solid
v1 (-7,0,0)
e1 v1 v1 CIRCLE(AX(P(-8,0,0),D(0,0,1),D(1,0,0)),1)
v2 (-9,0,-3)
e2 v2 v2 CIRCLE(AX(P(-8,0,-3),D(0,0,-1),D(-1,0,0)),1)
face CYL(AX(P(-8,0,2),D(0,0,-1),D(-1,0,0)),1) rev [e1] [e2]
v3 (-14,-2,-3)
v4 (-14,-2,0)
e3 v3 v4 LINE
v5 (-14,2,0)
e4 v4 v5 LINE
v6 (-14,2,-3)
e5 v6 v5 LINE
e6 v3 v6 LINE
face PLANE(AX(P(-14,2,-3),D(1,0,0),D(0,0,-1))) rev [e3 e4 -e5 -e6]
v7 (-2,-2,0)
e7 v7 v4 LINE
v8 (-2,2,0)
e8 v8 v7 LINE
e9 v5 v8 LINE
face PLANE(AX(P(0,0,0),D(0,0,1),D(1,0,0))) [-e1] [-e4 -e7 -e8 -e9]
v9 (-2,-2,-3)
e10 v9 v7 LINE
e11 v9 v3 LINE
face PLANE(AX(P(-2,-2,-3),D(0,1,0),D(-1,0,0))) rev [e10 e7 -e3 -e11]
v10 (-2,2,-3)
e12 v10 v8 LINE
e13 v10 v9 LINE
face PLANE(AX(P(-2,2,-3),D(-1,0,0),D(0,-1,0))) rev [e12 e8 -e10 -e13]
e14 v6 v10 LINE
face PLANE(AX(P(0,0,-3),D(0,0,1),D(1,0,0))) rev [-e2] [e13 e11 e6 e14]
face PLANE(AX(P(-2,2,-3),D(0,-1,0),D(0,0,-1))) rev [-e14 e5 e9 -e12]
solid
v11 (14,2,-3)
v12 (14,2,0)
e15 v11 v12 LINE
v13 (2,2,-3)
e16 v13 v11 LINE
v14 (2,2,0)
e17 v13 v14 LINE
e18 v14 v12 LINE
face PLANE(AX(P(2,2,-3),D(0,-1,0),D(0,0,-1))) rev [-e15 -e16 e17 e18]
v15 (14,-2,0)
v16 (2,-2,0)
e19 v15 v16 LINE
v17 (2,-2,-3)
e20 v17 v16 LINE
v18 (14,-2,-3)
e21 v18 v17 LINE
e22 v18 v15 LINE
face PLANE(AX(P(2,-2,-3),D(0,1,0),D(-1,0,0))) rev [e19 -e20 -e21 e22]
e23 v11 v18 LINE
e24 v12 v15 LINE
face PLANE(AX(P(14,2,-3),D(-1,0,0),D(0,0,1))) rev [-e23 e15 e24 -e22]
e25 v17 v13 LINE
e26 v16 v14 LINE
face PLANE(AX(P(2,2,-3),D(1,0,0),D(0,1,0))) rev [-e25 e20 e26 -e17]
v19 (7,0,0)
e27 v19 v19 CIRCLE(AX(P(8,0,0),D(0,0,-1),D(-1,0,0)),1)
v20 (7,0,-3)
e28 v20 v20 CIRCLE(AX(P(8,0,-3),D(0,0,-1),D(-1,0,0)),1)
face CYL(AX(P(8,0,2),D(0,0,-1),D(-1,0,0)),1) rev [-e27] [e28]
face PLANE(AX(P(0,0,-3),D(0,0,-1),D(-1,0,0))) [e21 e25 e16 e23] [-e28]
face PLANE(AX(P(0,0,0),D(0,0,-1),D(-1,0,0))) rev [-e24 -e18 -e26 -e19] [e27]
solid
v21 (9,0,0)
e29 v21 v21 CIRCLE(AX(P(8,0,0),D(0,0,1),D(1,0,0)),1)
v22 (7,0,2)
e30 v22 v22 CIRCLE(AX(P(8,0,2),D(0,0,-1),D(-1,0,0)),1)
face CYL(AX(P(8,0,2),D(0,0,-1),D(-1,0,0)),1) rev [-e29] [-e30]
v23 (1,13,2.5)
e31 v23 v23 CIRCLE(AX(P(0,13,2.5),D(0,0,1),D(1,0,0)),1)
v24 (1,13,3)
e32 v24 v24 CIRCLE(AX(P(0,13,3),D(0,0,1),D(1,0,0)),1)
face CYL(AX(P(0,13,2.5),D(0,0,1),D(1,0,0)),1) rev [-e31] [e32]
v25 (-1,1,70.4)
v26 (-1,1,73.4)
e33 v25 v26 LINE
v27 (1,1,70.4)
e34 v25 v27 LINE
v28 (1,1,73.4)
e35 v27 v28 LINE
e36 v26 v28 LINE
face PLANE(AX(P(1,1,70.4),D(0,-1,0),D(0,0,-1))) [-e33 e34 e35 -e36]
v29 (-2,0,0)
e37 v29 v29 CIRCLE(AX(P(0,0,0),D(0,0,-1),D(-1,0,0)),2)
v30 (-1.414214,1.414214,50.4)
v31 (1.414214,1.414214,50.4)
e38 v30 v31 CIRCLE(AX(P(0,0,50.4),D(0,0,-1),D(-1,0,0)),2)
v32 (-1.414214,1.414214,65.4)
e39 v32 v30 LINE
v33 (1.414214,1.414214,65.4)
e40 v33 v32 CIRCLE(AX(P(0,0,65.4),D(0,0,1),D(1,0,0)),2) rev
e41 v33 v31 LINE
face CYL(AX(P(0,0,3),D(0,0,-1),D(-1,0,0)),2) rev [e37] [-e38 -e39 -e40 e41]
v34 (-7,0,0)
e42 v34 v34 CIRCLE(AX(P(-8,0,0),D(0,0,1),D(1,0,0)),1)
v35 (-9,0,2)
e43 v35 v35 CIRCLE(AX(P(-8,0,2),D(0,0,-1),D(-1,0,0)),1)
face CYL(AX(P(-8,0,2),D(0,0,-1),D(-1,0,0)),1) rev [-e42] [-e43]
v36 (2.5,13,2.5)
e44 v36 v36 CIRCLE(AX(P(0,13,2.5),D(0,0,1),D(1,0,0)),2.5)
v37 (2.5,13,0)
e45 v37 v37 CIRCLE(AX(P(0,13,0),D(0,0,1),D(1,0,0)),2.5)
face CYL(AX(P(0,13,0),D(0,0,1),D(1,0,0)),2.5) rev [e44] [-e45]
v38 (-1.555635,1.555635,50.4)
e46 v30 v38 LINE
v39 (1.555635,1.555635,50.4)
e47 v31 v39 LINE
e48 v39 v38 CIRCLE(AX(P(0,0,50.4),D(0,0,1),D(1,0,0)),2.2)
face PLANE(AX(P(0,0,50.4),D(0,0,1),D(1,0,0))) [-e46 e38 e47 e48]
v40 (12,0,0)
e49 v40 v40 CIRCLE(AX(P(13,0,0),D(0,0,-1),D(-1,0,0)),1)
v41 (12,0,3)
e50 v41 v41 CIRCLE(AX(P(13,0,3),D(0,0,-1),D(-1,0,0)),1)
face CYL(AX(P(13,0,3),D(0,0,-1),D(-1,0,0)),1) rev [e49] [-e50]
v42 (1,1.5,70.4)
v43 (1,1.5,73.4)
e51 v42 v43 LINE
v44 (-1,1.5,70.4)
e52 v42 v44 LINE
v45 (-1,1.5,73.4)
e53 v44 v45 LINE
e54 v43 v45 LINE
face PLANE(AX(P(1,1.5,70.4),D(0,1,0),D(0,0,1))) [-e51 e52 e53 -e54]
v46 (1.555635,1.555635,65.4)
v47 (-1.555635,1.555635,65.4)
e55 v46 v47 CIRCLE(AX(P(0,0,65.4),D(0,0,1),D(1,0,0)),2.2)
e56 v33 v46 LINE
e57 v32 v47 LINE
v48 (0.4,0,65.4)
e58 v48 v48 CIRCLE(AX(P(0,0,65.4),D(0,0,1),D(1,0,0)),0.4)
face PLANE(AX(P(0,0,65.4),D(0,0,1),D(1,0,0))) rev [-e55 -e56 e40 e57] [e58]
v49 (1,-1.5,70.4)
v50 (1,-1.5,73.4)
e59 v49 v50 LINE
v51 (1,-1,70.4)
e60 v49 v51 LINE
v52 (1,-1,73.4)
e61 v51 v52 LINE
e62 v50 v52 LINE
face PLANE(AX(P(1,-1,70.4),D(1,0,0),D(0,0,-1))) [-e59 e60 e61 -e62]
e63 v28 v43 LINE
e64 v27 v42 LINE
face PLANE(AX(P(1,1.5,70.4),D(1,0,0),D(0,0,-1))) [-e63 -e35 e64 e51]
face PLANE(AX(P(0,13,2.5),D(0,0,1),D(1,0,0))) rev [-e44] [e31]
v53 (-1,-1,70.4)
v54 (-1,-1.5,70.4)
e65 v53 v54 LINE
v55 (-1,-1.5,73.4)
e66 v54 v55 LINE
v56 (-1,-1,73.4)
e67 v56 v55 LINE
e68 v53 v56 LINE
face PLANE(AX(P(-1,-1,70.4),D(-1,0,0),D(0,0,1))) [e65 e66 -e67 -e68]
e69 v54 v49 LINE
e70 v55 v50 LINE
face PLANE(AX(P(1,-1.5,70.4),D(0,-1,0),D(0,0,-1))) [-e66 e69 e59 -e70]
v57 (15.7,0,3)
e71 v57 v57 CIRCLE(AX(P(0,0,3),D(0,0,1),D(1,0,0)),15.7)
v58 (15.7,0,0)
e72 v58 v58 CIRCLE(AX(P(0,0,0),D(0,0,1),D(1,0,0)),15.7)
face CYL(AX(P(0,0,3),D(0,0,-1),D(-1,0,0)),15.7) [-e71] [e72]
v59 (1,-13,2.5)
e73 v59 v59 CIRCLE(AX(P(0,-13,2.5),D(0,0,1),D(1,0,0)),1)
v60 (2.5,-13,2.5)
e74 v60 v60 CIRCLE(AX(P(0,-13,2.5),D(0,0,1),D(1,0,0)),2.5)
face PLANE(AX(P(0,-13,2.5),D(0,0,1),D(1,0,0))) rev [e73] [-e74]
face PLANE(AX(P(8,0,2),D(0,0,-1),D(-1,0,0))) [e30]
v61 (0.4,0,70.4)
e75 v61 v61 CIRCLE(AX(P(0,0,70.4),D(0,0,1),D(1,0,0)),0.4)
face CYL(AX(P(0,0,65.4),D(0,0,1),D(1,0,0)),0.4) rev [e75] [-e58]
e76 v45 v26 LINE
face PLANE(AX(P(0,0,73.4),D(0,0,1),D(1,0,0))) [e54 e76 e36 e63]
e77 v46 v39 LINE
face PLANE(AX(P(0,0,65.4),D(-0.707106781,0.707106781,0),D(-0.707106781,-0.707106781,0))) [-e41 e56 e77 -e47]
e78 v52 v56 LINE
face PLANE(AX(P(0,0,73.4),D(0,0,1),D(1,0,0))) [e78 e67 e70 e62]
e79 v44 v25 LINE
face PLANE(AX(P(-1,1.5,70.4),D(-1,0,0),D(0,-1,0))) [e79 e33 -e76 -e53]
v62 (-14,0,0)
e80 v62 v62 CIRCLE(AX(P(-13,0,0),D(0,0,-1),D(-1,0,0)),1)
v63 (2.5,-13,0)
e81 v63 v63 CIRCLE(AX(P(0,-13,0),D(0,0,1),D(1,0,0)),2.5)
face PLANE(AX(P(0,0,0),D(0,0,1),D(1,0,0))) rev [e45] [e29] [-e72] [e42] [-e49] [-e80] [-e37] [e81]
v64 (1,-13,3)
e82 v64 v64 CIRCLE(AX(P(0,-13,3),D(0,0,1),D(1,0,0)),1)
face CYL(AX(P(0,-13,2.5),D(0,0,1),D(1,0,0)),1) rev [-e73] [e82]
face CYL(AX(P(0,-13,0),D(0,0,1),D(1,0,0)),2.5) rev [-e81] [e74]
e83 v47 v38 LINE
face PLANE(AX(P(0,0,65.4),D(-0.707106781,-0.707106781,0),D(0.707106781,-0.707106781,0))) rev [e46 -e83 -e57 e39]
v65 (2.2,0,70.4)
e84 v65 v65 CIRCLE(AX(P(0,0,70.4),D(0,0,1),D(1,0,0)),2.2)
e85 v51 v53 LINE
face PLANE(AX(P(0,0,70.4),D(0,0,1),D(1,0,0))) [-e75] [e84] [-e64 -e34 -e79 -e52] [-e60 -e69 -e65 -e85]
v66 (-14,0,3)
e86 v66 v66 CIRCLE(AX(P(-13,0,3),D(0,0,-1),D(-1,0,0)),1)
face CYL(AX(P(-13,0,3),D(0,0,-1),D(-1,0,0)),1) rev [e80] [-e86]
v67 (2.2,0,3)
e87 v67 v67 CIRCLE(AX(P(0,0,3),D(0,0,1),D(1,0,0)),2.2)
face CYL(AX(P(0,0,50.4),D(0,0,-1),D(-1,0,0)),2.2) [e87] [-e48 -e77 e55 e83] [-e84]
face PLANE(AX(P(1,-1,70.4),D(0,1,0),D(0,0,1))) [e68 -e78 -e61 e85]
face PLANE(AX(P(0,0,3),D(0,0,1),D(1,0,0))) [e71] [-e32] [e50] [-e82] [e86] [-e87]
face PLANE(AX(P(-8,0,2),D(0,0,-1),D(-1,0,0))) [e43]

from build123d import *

# Parameters (mm, degrees)
SKETCH_1_R            = 15.7
EXTRUDE_1_DEPTH       = 3
SKETCH_5_R            = 1
CUT_EXTRUDE_3_DEPTH   = 3
SKETCH_6_R            = 1
CUT_EXTRUDE_4_DEPTH   = 3
SKETCH_7_R            = 2
CUT_EXTRUDE_5_DEPTH   = 3
SKETCH_10_W           = 12
SKETCH_10_H           = 4
EXTRUDE_8_DEPTH       = 3
SKETCH_11_W           = 12
SKETCH_11_H           = 4
EXTRUDE_9_DEPTH       = 3
SKETCH_12_R           = 2.2
EXTRUDE_11_DEPTH      = 47.4
SKETCH_16_R           = 2
CUT_EXTRUDE_6_DEPTH   = 47.4
EXTRUDE_13_DEPTH      = 15
SKETCH_20_R           = 2.2
EXTRUDE_15_DEPTH      = 8
SKETCH_22_OUTSIDE_W   = 51.074
SKETCH_22_OUTSIDE_H   = 51.074
SKETCH_22_OUTSIDE_W_2 = 2
SKETCH_22_OUTSIDE_H_2 = 0.5
CUT_EXTRUDE_7_DEPTH   = 3
SKETCH_24_R           = 0.4
CUT_EXTRUDE_9_DEPTH   = 5
SKETCH_25_R           = 1
CUT_EXTRUDE_10_DEPTH  = 0.5
SKETCH_26_R           = 2.5
CUT_EXTRUDE_12_DEPTH  = 2.5
SKETCH_27_R           = 1
CUT_EXTRUDE_13_DEPTH  = 5


with BuildPart() as part:
    # 草图1 → 凸台-拉伸1 (new body)
    with BuildSketch(Plane.XY):
        Circle(SKETCH_1_R)
    extrude(amount=EXTRUDE_1_DEPTH)

    # 草图5 → 切除-拉伸3 (cut)
    with BuildSketch(Plane(origin=(0, 0, 0), x_dir=(-1, 0, 0), z_dir=(0, 0, -1))):
        with Locations((13, 0)):
            Circle(SKETCH_5_R)
    extrude(amount=-CUT_EXTRUDE_3_DEPTH, mode=Mode.SUBTRACT)

    # 草图6 → 切除-拉伸4 (cut)
    with BuildSketch(Plane(origin=(0, 0, 0), x_dir=(-1, 0, 0), z_dir=(0, 0, -1))):
        with Locations((-13, 0)):
            Circle(SKETCH_6_R)
    extrude(amount=-CUT_EXTRUDE_4_DEPTH, mode=Mode.SUBTRACT)

    # 草图7 → 切除-拉伸5 (cut)
    with BuildSketch(Plane(origin=(0, 0, 0), x_dir=(-1, 0, 0), z_dir=(0, 0, -1))):
        Circle(SKETCH_7_R)
    extrude(amount=-CUT_EXTRUDE_5_DEPTH, mode=Mode.SUBTRACT)

    # 草图12 → 凸台-拉伸11 (add)
    with BuildSketch(Plane.XY.offset(3)):
        Circle(SKETCH_12_R)
    extrude(amount=EXTRUDE_11_DEPTH)

    # 草图16 → 切除-拉伸6 (cut)
    with BuildSketch(Plane(origin=(0, 0, 3), x_dir=(-1, 0, 0), z_dir=(0, 0, -1))):
        Circle(SKETCH_16_R)
    extrude(amount=-CUT_EXTRUDE_6_DEPTH, mode=Mode.SUBTRACT)

    # 草图19 → 凸台-拉伸13 (add)
    with BuildSketch(Plane.XY.offset(50.4)):
        with BuildLine():
            ThreePointArc((0, -2), (-1.847759065, -0.765366865), (-1.414213562, 1.414213562))
            Line((-1.414213562, 1.414213562), (-1.555634919, 1.555634919))
            ThreePointArc((-1.555634919, 1.555634919), (-2.032534972, -0.841903551), (0, -2.2))
            Line((0, -2.2), (0, -2))
        make_face()
        with BuildLine():
            Line((1.555634919, 1.555634919), (1.414213562, 1.414213562))
            ThreePointArc((1.414213562, 1.414213562), (1.847759065, 0.765366865), (2, 0))
            ThreePointArc((2, 0), (1.414213562, -1.414213562), (0, -2))
            Line((0, -2), (0, -2.2))
            ThreePointArc((0, -2.2), (1.555634919, -1.555634919), (2.2, 0))
            ThreePointArc((2.2, 0), (2.032534972, 0.841903551), (1.555634919, 1.555634919))
        make_face()
    extrude(amount=EXTRUDE_13_DEPTH)

    # 草图20 → 凸台-拉伸15 (add)
    with BuildSketch(Plane.XY.offset(65.4)):
        Circle(SKETCH_20_R)
    extrude(amount=EXTRUDE_15_DEPTH)

    # 草图22 outside → 切除-拉伸7 (cut)
    with BuildSketch(Plane.XY.offset(73.4)):
        Rectangle(SKETCH_22_OUTSIDE_W, SKETCH_22_OUTSIDE_H)
        with Locations((0, 1.25)):
            Rectangle(SKETCH_22_OUTSIDE_W_2, SKETCH_22_OUTSIDE_H_2, mode=Mode.SUBTRACT)
        with Locations((0, -1.25)):
            Rectangle(SKETCH_22_OUTSIDE_W_2, SKETCH_22_OUTSIDE_H_2, mode=Mode.SUBTRACT)
    extrude(amount=-CUT_EXTRUDE_7_DEPTH, mode=Mode.SUBTRACT)

    # 草图24 → 切除-拉伸9 (cut)
    with BuildSketch(Plane.XY.offset(70.4)):
        Circle(SKETCH_24_R)
    extrude(amount=-CUT_EXTRUDE_9_DEPTH, mode=Mode.SUBTRACT)

    # 草图25 → 切除-拉伸10 (cut)
    with BuildSketch(Plane.XY.offset(3)):
        with Locations((0, 13)):
            Circle(SKETCH_25_R)
        with Locations((0, -13)):
            Circle(SKETCH_25_R)
    extrude(amount=-CUT_EXTRUDE_10_DEPTH, mode=Mode.SUBTRACT)

    # 草图26 → 切除-拉伸12 (cut)
    with BuildSketch(Plane.XY.offset(2.5)):
        with Locations((0, 13)):
            Circle(SKETCH_26_R)
        with Locations((0, -13)):
            Circle(SKETCH_26_R)
    extrude(amount=-CUT_EXTRUDE_12_DEPTH, mode=Mode.SUBTRACT)


with BuildPart() as body_2:
    # 草图10 → 凸台-拉伸8 (new body)
    with BuildSketch(Plane(origin=(0, 0, 0), x_dir=(-1, 0, 0), z_dir=(0, 0, -1))):
        with Locations((-8, 0)):
            Rectangle(SKETCH_10_W, SKETCH_10_H)
    extrude(amount=EXTRUDE_8_DEPTH)


with BuildPart() as body_3:
    # 草图11 → 凸台-拉伸9 (new body)
    with BuildSketch(Plane(origin=(0, 0, 0), x_dir=(-1, 0, 0), z_dir=(0, 0, -1))):
        with Locations((8, 0)):
            Rectangle(SKETCH_11_W, SKETCH_11_H)
    extrude(amount=EXTRUDE_9_DEPTH)


with BuildPart() as cut_extrude_13_tool:
    # 草图27 → 切除-拉伸13 (new body)
    with BuildSketch(Plane(origin=(0, 0, -3), x_dir=(-1, 0, 0), z_dir=(0, 0, -1))):
        with Locations((8, 0)):
            Circle(SKETCH_27_R)
        with Locations((-8, 0)):
            Circle(SKETCH_27_R)
    extrude(amount=-CUT_EXTRUDE_13_DEPTH)


with BuildPart() as part_1:
    add(part.part)

    # 切除-拉伸13: cut by cut_extrude_13_tool
    add(cut_extrude_13_tool.part, mode=Mode.SUBTRACT)


with BuildPart() as body_2_1:
    add(body_2.part)

    # 切除-拉伸13: cut by cut_extrude_13_tool
    add(cut_extrude_13_tool.part, mode=Mode.SUBTRACT)


with BuildPart() as body_3_1:
    add(body_3.part)

    # 切除-拉伸13: cut by cut_extrude_13_tool
    add(cut_extrude_13_tool.part, mode=Mode.SUBTRACT)


solid = Compound([part_1.part, body_2_1.part, body_3_1.part])
